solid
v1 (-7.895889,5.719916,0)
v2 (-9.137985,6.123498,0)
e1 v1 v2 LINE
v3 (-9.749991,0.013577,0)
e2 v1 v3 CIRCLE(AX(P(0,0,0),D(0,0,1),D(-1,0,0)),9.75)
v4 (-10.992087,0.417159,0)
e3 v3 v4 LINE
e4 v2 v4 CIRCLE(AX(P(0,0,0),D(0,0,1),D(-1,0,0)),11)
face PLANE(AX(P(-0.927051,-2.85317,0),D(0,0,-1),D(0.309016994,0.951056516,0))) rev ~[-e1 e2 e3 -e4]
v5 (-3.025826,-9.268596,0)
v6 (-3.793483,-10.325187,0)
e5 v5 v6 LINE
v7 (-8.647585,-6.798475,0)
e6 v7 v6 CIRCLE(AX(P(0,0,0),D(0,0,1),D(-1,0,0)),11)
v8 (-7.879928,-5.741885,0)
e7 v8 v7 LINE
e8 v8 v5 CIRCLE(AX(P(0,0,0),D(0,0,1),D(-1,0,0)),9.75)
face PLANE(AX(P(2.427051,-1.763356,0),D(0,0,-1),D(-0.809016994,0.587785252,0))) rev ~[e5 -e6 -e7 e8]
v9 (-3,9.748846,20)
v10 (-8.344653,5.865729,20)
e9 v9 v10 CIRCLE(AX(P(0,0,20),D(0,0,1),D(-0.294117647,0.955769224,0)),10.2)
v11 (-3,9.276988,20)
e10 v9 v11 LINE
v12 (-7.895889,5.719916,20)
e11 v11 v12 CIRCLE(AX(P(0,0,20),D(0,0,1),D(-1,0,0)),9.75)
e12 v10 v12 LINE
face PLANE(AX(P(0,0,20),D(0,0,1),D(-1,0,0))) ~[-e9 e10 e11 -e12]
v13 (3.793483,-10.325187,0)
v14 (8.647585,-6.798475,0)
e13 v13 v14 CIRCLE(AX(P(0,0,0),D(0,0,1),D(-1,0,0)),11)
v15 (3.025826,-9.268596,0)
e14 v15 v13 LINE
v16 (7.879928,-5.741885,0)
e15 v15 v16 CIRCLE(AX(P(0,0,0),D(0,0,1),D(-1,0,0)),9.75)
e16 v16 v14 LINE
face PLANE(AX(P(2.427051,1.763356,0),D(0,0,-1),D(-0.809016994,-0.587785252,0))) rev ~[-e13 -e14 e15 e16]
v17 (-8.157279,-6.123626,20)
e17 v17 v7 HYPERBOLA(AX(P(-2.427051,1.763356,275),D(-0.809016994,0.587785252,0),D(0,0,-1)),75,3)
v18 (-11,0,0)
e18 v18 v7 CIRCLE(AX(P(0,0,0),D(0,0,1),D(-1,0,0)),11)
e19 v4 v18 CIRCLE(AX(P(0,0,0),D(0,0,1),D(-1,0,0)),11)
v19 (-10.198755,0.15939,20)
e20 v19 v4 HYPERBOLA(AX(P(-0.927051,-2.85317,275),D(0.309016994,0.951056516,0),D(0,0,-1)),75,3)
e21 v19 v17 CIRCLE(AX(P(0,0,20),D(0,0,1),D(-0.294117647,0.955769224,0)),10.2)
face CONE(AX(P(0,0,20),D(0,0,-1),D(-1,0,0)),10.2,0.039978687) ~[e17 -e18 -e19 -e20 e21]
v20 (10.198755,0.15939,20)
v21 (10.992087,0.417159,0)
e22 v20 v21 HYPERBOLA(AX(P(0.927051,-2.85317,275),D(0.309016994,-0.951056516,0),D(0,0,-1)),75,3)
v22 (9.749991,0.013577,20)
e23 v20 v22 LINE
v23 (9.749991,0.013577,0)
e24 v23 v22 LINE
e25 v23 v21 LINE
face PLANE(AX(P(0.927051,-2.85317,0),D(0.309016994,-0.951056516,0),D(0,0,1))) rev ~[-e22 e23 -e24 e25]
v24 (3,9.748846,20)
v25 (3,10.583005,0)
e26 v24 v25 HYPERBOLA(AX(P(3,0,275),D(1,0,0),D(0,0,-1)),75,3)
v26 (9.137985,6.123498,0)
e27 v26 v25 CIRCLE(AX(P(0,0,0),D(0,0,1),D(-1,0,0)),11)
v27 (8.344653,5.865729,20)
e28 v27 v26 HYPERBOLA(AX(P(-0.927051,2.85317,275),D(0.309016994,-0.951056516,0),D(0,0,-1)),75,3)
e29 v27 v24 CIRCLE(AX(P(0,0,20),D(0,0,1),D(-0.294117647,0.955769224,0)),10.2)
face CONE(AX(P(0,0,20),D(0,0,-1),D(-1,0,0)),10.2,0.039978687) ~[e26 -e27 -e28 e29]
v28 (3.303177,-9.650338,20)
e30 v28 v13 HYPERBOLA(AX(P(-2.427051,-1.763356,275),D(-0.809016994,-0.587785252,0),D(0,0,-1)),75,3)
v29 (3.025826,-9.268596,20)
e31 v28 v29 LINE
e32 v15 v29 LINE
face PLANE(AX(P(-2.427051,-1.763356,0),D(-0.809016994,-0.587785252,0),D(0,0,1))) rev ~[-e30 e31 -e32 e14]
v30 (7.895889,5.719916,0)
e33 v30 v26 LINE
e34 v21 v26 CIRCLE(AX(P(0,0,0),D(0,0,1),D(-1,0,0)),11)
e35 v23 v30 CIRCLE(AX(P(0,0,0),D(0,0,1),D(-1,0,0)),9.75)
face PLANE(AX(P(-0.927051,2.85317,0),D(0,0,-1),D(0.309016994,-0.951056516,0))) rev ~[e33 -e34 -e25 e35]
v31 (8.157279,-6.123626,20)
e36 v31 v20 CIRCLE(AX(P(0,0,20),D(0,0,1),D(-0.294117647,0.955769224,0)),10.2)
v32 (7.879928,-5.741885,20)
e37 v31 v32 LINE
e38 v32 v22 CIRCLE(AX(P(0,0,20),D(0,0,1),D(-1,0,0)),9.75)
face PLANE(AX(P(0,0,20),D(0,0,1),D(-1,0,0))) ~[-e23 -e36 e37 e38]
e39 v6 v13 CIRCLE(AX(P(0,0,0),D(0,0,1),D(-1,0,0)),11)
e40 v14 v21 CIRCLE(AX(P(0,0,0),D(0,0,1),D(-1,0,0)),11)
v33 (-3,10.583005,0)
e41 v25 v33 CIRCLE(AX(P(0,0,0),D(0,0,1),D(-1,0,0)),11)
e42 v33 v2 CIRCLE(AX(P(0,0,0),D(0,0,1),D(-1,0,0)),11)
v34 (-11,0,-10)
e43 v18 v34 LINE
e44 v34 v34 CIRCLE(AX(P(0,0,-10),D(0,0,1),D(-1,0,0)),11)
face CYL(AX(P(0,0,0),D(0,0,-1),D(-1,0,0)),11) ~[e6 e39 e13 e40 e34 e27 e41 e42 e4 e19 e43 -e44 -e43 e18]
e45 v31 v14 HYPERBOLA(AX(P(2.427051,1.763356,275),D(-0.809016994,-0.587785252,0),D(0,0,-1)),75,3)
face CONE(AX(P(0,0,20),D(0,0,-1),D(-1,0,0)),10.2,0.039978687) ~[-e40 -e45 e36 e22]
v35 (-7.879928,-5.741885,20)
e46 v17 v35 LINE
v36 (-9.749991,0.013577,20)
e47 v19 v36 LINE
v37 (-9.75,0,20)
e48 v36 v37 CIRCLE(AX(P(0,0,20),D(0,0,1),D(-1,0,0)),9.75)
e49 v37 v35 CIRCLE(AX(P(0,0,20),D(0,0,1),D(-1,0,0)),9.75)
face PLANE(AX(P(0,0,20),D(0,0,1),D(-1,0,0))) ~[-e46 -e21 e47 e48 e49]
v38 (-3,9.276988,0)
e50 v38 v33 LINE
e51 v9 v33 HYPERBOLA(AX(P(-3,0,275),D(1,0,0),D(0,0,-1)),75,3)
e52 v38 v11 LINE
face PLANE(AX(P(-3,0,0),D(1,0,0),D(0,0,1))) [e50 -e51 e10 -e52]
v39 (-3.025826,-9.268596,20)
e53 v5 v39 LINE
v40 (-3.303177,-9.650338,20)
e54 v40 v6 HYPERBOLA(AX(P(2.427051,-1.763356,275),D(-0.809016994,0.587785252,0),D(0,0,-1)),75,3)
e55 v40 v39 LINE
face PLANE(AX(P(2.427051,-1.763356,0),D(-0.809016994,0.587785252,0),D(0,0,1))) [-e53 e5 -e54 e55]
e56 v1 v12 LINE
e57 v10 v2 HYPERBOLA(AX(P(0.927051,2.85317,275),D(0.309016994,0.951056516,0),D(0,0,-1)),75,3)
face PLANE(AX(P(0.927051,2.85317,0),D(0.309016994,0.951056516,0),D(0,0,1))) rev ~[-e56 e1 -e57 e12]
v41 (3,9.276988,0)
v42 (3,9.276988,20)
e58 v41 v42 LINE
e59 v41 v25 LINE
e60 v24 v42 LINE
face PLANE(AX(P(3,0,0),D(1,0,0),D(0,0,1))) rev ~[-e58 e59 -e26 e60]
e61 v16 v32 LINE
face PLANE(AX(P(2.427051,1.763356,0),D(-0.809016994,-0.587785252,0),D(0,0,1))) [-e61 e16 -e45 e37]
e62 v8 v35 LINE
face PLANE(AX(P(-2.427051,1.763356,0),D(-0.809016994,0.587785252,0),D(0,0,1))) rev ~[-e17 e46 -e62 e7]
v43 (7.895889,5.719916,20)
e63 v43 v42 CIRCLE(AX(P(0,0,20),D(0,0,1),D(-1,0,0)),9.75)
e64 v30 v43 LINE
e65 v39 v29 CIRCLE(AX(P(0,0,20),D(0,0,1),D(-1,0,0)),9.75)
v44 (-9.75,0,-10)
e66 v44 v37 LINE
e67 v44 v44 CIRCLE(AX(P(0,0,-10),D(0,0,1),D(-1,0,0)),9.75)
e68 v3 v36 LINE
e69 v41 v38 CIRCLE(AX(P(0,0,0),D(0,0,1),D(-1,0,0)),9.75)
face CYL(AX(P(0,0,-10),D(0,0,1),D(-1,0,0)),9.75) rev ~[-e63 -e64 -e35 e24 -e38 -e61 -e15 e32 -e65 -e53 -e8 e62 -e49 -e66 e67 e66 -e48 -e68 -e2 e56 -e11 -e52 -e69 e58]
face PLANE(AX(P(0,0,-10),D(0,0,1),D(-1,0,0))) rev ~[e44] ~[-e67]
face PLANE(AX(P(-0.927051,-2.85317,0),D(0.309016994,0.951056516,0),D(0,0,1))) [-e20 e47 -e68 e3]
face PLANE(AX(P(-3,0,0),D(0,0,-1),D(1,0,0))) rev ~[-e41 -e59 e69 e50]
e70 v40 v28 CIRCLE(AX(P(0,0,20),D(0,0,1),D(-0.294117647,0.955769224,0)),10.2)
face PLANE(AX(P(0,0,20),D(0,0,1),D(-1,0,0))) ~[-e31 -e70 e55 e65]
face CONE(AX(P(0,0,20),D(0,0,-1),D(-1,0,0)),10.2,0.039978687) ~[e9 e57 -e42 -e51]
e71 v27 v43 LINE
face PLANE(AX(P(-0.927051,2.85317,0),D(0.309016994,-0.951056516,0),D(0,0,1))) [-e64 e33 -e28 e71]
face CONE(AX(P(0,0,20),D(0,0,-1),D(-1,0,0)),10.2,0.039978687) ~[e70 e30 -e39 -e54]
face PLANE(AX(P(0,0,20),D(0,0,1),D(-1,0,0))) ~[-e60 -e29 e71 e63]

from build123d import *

# Parameters (mm, degrees)
SKETCH011_W           = 6
SKETCH011_H           = 30
POCKET001_DEPTH       = 97.441731
POLARPATTERN001_COUNT = 5


with BuildPart() as part:
    # Sketch010 → Revolution003 (revolve)
    with BuildSketch(Plane.XZ):
        Polygon((-9.75, -10), (-9.75, 20), (-10.2, 20), (-11, 0), (-11, -10), align=None)
    revolve(axis=Axis((0, 0, 0), (0, 0, 1)))

    # Sketch011 → Pocket001 (cut, through all)
    with BuildSketch(Plane.XZ):
        with Locations((0, 15)):
            Rectangle(SKETCH011_W, SKETCH011_H)
    pocket001 = extrude(amount=-POCKET001_DEPTH, mode=Mode.SUBTRACT)

    # PolarPattern001: Pocket001 ×5 about axis
    polarpattern001_axis = Axis((0, 0, 0), (0, 0, 1))
    for i in range(1, POLARPATTERN001_COUNT):
        add(pocket001.rotate(polarpattern001_axis, i * 360 / POLARPATTERN001_COUNT), mode=Mode.SUBTRACT)


solid = part.part
